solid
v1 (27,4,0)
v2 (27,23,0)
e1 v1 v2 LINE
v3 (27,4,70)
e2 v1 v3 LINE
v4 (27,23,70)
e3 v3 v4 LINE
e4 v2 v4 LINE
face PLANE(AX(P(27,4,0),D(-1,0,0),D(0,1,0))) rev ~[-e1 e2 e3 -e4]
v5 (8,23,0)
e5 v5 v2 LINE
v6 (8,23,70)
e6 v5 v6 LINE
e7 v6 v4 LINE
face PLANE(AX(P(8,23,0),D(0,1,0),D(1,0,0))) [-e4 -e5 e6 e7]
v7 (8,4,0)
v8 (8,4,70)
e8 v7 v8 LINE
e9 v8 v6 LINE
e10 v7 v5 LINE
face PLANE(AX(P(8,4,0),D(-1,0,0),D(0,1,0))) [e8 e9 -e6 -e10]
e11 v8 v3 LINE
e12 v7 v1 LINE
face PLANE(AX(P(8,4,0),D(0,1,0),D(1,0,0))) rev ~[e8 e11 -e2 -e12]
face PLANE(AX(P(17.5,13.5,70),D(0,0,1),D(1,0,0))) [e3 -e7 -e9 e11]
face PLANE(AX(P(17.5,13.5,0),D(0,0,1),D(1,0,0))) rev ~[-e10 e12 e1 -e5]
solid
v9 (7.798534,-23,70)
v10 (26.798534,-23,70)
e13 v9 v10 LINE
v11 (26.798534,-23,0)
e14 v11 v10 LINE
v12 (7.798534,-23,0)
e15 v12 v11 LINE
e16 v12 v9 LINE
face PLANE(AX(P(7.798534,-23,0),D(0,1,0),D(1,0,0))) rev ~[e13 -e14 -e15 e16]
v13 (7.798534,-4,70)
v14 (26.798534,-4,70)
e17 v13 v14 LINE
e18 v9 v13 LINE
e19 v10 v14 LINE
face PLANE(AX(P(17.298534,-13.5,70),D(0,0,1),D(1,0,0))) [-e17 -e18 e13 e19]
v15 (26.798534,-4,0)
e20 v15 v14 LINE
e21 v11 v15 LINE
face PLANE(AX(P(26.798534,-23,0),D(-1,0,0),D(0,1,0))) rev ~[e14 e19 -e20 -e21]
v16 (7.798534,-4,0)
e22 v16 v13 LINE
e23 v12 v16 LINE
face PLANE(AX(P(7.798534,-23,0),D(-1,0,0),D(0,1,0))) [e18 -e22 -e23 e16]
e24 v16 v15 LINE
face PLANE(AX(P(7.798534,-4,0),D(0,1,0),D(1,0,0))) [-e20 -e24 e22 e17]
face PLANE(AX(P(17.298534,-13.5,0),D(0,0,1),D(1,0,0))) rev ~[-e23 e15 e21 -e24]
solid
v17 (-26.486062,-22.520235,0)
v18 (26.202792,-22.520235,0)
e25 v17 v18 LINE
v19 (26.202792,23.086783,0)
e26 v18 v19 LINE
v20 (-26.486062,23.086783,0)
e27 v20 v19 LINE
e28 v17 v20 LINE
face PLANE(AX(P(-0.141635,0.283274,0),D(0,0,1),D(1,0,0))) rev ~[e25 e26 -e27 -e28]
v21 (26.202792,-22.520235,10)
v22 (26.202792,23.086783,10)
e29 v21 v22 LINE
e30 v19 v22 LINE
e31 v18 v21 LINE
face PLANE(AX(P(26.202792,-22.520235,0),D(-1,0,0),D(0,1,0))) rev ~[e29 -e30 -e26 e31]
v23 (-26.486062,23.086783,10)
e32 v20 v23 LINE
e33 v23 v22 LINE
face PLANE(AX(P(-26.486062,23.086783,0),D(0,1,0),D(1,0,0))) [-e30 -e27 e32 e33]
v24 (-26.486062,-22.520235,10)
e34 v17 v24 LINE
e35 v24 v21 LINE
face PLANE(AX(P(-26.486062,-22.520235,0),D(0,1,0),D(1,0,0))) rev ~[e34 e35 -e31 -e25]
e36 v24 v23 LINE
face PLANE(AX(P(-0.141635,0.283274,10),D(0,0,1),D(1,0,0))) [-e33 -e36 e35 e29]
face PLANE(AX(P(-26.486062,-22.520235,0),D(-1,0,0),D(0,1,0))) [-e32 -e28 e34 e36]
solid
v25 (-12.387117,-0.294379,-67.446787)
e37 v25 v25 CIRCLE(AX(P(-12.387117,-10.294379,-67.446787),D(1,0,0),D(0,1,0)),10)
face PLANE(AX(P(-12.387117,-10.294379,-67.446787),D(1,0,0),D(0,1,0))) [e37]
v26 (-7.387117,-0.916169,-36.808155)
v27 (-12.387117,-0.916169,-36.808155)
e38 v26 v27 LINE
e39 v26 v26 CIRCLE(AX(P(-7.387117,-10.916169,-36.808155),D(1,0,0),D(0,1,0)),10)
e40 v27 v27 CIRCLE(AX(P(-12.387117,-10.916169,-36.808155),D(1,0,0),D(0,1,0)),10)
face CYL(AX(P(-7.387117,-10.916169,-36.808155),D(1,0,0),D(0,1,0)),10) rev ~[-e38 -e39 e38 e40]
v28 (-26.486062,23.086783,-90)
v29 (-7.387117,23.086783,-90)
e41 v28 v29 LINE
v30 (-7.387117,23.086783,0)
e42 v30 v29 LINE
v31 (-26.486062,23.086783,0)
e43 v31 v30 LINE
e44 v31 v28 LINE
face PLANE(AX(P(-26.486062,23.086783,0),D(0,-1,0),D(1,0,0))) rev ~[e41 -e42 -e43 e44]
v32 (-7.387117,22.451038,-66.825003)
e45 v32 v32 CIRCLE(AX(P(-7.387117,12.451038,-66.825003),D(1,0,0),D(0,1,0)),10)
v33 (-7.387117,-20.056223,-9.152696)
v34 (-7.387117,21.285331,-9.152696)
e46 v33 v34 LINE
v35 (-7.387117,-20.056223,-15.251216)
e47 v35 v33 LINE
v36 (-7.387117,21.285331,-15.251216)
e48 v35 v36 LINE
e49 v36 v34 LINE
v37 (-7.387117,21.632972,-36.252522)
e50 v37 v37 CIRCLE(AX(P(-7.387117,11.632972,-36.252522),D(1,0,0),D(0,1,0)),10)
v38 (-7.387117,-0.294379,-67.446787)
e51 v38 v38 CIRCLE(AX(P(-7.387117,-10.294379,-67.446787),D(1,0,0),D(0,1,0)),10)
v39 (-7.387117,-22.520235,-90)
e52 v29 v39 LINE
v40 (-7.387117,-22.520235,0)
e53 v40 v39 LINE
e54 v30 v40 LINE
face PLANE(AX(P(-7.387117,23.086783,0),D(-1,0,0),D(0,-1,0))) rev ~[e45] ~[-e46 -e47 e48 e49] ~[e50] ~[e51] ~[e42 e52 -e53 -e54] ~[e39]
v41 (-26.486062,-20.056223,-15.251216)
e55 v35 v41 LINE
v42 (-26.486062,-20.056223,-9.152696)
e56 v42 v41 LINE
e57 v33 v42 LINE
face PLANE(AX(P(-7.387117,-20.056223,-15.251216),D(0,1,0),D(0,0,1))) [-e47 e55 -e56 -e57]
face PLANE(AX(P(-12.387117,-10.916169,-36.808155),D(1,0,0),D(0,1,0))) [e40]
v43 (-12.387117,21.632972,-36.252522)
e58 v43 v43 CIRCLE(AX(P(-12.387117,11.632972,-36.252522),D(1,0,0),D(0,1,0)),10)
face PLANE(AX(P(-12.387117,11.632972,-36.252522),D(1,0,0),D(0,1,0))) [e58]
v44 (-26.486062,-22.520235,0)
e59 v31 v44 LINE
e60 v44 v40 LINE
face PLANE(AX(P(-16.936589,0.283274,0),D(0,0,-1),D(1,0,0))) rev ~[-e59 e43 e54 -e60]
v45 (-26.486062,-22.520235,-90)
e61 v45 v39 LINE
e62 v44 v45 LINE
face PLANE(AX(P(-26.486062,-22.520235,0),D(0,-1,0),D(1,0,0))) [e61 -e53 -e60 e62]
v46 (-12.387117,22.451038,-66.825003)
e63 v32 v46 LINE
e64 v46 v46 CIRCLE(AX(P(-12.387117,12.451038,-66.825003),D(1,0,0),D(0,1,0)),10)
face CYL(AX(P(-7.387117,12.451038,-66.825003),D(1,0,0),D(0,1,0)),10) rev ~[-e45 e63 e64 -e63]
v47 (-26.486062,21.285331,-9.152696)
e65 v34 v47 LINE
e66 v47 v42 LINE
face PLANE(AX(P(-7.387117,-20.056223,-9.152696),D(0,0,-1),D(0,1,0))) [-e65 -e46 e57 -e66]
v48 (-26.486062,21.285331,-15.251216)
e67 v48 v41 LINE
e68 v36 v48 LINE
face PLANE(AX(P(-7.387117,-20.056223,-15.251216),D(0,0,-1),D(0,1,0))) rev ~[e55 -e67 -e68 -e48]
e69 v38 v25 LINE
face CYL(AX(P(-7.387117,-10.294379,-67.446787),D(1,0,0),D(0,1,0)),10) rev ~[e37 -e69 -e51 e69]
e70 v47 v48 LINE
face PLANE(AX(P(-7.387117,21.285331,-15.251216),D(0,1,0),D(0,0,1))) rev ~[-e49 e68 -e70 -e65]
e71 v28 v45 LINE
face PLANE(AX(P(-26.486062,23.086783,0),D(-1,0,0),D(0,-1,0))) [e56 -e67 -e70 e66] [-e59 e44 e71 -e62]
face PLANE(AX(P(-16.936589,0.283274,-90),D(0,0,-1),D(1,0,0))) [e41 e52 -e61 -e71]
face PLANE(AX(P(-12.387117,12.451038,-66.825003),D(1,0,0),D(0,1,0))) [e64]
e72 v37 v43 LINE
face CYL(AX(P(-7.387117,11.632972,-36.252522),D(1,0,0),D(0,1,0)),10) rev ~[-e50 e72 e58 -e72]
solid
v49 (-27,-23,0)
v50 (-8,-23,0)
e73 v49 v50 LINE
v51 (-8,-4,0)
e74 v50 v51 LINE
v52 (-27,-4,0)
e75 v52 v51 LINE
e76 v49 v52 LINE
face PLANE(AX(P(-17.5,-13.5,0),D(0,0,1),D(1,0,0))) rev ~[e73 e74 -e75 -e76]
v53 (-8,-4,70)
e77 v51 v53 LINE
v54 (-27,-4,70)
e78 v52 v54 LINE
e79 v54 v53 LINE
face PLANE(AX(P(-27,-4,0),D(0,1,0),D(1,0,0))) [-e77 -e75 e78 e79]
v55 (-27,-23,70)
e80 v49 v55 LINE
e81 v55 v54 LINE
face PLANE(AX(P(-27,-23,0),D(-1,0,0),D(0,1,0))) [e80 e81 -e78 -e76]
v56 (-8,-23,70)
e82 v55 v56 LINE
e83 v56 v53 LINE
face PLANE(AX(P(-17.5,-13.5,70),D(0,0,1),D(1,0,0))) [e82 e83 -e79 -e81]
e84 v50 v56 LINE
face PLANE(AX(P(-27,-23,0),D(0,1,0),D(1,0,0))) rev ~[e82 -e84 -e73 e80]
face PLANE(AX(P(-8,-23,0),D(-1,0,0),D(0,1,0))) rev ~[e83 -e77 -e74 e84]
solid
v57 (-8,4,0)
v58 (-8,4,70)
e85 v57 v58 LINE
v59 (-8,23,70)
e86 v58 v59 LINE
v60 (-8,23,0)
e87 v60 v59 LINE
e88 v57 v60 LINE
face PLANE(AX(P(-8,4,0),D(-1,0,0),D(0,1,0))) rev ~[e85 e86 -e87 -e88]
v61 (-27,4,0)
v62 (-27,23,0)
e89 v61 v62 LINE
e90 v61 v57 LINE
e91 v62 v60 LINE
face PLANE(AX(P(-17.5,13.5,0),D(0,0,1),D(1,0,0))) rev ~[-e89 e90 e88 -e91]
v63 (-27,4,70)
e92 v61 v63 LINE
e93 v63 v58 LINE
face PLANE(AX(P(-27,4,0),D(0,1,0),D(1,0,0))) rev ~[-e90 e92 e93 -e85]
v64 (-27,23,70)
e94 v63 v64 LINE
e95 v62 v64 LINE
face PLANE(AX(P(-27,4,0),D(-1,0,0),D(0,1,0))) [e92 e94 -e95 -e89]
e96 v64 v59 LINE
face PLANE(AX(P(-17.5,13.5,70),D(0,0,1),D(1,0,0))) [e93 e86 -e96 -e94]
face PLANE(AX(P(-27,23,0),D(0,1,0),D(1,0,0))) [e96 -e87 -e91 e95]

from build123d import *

# Parameters (mm, degrees)
F0_W      = 19
F0_H      = 19
F1_DEPTH  = 70
F0_W_2    = 0.3230534494
F0_H_2    = 1.6152560711
F2_W      = 52.6888538152
F2_H      = 45.6070173532
F3_DEPTH  = 10
F4_W      = 19.098944962
F4_H      = 45.6070173532
F5_DEPTH  = 90
F6_R      = 10
F7_DEPTH  = 5
F8_W      = 41.3415543735
F8_H      = 6.098520942
F10_DEPTH = 25


with BuildPart() as f1:
    # F0 (on Top) → F1 (new body)
    with BuildSketch(Plane.XY):
        with Locations((17.5, 13.5)):
            Rectangle(F0_W, F0_H)
    extrude(amount=F1_DEPTH)


with BuildPart() as f1b:
    # F0 (on Top) → F1, piece 2 (new body)
    with BuildSketch(Plane.XY):
        with Locations((17.2985338867, -13.5)):
            Rectangle(F0_W, F0_H)
    extrude(amount=F1_DEPTH)


with BuildPart() as f1c:
    # F0 (on Top) → F1, piece 3 (new body)
    with BuildSketch(Plane.XY):
        with Locations((-17.5, 13.5)):
            Rectangle(F0_W, F0_H)
    extrude(amount=F1_DEPTH)


with BuildPart() as f1d:
    # F0 (on Top) → F1, piece 4 (new body)
    with BuildSketch(Plane.XY):
        with Locations((-57.8844789416, 37.6091524959)):
            Rectangle(F0_W_2, F0_H_2)
    extrude(amount=F1_DEPTH)


with BuildPart() as f1e:
    # F0 (on Top) → F1, piece 5 (new body)
    with BuildSketch(Plane.XY):
        with Locations((-17.5, -13.5)):
            Rectangle(F0_W, F0_H)
    extrude(amount=F1_DEPTH)


with BuildPart() as f3:
    # F2 (on Top) → F3 (new body)
    with BuildSketch(Plane.XY):
        with Locations((-0.1416346058, 0.2832738683)):
            Rectangle(F2_W, F2_H)
    extrude(amount=F3_DEPTH)


with BuildPart() as f5:
    # F4 (on face) → F5 (new body)
    with BuildSketch(Plane(origin=(0, 0, 0), x_dir=(1, 0, 0), z_dir=(0, 0, -1))):
        with Locations((-16.9365890324, -0.2832738683)):
            Rectangle(F4_W, F4_H)
    extrude(amount=F5_DEPTH)

    # F6 (on face) → F7 (cut)
    with BuildSketch(Plane.YZ.offset(-7.3871165514)):
        with Locations((-10.2943791855, -67.4467873472)):
            Circle(F6_R)
        with Locations((11.6329715849, -36.2525216682)):
            Circle(F6_R)
        with Locations((-10.9161689182, -36.8081549947)):
            Circle(F6_R)
        with Locations((12.4510379139, -66.8250028538)):
            Circle(F6_R)
    extrude(amount=-F7_DEPTH, mode=Mode.SUBTRACT)

    # F8 (on face) → F10 (cut)
    with BuildSketch(Plane.YZ.offset(-7.3871165514)):
        with Locations((0.61455369, -12.2019560076)):
            Rectangle(F8_W, F8_H)
    extrude(amount=-F10_DEPTH, mode=Mode.SUBTRACT)


solid = Compound([f1.part, f1b.part, f1c.part, f1e.part, f3.part, f5.part])
